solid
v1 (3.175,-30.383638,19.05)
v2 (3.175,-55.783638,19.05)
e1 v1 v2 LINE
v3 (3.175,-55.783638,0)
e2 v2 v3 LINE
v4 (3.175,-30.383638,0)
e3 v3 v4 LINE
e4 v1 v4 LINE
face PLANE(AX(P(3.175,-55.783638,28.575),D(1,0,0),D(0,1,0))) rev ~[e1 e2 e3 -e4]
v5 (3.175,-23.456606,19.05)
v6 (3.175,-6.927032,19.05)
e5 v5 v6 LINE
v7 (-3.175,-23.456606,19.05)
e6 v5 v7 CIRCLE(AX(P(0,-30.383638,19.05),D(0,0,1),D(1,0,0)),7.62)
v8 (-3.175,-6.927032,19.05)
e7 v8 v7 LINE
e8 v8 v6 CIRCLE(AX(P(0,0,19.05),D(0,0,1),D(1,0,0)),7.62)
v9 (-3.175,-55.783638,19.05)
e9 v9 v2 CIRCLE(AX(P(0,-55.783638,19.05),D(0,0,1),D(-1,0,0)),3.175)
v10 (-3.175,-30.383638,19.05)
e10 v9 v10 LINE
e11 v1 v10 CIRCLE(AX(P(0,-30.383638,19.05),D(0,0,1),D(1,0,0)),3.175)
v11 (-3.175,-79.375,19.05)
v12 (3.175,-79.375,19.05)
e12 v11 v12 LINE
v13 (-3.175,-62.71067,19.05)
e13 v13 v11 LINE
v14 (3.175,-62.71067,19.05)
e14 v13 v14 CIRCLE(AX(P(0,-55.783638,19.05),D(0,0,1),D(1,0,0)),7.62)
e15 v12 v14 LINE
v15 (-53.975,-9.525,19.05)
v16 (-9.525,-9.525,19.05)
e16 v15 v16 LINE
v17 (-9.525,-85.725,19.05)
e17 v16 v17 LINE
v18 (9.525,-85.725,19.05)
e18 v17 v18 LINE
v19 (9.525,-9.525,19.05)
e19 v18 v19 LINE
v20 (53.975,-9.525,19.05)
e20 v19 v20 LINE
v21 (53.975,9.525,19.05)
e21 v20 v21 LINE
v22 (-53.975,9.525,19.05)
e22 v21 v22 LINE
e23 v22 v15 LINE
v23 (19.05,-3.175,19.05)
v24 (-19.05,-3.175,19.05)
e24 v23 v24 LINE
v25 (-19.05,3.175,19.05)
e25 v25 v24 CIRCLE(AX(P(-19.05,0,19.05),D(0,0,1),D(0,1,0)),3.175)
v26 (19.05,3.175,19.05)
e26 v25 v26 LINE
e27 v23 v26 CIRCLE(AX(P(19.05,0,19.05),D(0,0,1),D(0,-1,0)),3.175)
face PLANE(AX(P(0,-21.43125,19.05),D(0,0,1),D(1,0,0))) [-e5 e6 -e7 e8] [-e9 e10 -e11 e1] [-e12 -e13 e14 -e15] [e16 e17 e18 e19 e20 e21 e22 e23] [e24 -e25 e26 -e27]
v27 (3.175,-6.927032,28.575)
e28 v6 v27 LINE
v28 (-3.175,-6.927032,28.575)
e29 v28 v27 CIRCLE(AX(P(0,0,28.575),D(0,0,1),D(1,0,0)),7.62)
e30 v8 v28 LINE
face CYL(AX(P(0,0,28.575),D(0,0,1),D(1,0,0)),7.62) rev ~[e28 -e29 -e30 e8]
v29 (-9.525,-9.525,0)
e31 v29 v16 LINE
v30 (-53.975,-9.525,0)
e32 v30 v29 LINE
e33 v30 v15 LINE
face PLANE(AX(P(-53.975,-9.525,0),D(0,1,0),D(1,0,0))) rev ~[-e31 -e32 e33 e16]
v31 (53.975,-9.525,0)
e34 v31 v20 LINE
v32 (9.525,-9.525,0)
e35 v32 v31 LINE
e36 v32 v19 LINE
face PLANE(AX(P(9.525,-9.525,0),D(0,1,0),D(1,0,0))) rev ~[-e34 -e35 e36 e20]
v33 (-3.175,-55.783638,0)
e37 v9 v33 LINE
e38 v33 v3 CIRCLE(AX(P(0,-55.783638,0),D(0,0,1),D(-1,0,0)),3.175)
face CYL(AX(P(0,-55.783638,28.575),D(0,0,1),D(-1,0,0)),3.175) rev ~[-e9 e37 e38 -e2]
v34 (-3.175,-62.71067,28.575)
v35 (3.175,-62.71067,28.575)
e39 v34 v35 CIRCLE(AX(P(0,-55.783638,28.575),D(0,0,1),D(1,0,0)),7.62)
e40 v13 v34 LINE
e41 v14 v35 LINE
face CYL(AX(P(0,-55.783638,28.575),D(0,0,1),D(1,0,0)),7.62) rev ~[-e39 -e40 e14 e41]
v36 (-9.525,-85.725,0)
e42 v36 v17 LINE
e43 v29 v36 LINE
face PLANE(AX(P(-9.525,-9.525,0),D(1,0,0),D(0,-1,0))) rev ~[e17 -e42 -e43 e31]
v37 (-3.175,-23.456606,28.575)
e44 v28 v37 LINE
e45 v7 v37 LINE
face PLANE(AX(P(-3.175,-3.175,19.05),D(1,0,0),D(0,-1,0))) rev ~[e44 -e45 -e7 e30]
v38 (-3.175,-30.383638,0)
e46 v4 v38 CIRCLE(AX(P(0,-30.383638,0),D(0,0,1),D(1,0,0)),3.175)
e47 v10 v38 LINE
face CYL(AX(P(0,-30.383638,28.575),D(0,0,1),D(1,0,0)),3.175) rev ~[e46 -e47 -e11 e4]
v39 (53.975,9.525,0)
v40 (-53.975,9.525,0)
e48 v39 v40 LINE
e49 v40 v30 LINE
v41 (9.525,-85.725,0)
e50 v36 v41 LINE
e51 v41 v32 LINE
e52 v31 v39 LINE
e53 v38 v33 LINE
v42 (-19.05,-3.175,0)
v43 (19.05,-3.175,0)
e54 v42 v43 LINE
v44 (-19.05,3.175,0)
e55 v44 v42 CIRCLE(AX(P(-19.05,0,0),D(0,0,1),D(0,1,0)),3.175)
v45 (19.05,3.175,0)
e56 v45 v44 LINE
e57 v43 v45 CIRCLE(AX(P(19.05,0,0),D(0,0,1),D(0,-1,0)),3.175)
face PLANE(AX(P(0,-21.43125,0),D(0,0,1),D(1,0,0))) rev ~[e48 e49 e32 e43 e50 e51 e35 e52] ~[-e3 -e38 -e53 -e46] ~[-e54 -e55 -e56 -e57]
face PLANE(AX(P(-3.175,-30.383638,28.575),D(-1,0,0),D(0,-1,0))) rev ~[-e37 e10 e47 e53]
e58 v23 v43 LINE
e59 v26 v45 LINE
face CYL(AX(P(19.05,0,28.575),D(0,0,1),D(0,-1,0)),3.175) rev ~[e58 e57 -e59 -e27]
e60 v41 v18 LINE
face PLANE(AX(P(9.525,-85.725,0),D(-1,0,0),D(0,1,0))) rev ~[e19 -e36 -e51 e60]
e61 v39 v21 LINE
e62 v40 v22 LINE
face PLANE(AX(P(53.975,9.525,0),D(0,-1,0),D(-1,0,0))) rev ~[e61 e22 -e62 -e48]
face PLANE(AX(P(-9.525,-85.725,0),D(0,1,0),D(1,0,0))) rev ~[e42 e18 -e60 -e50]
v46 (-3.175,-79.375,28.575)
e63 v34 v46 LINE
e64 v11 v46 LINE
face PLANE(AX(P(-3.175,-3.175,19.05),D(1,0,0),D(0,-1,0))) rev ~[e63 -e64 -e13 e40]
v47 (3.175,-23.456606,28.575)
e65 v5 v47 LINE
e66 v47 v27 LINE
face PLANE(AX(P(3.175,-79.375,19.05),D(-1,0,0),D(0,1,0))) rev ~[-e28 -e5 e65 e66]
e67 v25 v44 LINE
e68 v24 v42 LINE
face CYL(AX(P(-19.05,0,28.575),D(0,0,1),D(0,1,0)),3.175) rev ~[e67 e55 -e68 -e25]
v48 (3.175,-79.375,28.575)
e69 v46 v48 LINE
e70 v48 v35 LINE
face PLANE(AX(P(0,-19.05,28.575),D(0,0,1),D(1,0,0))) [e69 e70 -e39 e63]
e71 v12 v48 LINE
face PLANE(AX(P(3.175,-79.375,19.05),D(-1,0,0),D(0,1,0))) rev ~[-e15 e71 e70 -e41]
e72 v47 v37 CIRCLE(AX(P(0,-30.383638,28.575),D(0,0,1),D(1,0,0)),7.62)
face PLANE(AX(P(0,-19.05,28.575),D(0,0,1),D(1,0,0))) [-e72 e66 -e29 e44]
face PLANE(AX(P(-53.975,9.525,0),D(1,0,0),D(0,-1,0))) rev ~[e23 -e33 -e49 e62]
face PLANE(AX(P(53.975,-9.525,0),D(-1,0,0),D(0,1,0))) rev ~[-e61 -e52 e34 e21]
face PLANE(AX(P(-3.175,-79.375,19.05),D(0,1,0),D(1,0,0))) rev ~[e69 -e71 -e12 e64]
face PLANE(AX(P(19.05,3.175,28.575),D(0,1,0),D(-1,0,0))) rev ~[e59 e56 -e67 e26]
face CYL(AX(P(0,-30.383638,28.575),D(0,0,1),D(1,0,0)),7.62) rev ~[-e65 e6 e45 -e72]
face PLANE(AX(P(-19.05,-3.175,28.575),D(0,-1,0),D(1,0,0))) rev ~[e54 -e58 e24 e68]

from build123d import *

# Parameters (mm, degrees)
F1_DEPTH = 19.05
F3_DEPTH = 9.525
F5_DEPTH = 28.576
F6_R     = 7.62
F7_DEPTH = 9.525
F9_DEPTH = 9.525


with BuildPart() as f1:
    # F0 (on Top) → F1 (new body)
    with BuildSketch(Plane.XY):
        Polygon((53.975, 9.525), (0, 9.525), (-53.975, 9.525), (-53.975, -9.525), (-9.525, -9.525), (-9.525, -85.725), (0, -85.725), (9.525, -85.725), (9.525, -9.525), (53.975, -9.525), align=None)
    extrude(amount=F1_DEPTH)

    # F2 (on face) → F3 (join)
    with BuildSketch(Plane.XY.offset(19.05)):
        Polygon((47.625, 3.175), (-47.625, 3.175), (-47.625, -3.175), (-3.175, -3.175), (-3.175, -79.375), (3.175, -79.375), (3.175, -3.175), (47.625, -3.175), align=None)
    extrude(amount=F3_DEPTH)

    # F4 (on face) → F5 (cut, through all)
    with BuildSketch(Plane.XY.offset(28.575)):
        with BuildLine():
            ThreePointArc((-3.175, -55.7836379401), (0, -58.9586379401), (3.175, -55.7836379401))
            Line((3.175, -55.7836379401), (3.175, -30.3836379401))
            ThreePointArc((3.175, -30.3836379401), (0, -27.2086379401), (-3.175, -30.3836379401))
            Line((-3.175, -30.3836379401), (-3.175, -55.7836379401))
        make_face()
        with BuildLine():
            ThreePointArc((-19.05, 3.175), (-22.225, 0), (-19.05, -3.175))
            Line((-19.05, -3.175), (0, -3.175))
            Line((0, -3.175), (19.05, -3.175))
            ThreePointArc((19.05, -3.175), (22.225, 0), (19.05, 3.175))
            Line((19.05, 3.175), (0, 3.175))
            Line((0, 3.175), (-19.05, 3.175))
        make_face()
    extrude(amount=-F5_DEPTH, mode=Mode.SUBTRACT)

    # F6 (on face) → F7 (cut)
    with BuildSketch(Plane.XY.offset(28.575)):
        with BuildLine():
            ThreePointArc((-25.9770321928, -3.175), (-17.4251285142, -7.4447426184), (-11.43, 0))
            ThreePointArc((-11.43, 0), (-17.4251285142, 7.4447426184), (-25.9770321928, 3.175))
            Line((-25.9770321928, 3.175), (-19.05, 3.175))
            ThreePointArc((-19.05, 3.175), (-22.225, 0), (-19.05, -3.175))
            Line((-19.05, -3.175), (-25.9770321928, -3.175))
        make_face()
        with Locations((19.05, 0)):
            Circle(F6_R)
        with Locations((0, -30.3836379401)):
            Circle(F6_R)
        with Locations((0, -55.7836379401)):
            Circle(F6_R)
        with BuildLine():
            Line((-19.05, 3.175), (-25.9770321928, 3.175))
            ThreePointArc((-25.9770321928, 3.175), (-26.67, 0), (-25.9770321928, -3.175))
            Line((-25.9770321928, -3.175), (-19.05, -3.175))
            ThreePointArc((-19.05, -3.175), (-22.225, 0), (-19.05, 3.175))
        make_face()
        Circle(F6_R)
    extrude(amount=-F7_DEPTH, mode=Mode.SUBTRACT)

    # F8 (on face) → F9 (cut, through all)
    with BuildSketch(Plane.XY.offset(28.575)):
        with BuildLine():
            Line((-25.9770321928, 3.175), (-47.625, 3.175))
            Line((-47.625, 3.175), (-47.625, -3.175))
            Line((-47.625, -3.175), (-25.9770321928, -3.175))
            ThreePointArc((-25.9770321928, -3.175), (-26.67, 0), (-25.9770321928, 3.175))
        make_face()
        with BuildLine():
            Line((47.625, 3.175), (25.9770321928, 3.175))
            ThreePointArc((25.9770321928, 3.175), (26.67, 0), (25.9770321928, -3.175))
            Line((25.9770321928, -3.175), (47.625, -3.175))
            Line((47.625, -3.175), (47.625, 3.175))
        make_face()
    extrude(amount=-F9_DEPTH, mode=Mode.SUBTRACT)


solid = f1.part
